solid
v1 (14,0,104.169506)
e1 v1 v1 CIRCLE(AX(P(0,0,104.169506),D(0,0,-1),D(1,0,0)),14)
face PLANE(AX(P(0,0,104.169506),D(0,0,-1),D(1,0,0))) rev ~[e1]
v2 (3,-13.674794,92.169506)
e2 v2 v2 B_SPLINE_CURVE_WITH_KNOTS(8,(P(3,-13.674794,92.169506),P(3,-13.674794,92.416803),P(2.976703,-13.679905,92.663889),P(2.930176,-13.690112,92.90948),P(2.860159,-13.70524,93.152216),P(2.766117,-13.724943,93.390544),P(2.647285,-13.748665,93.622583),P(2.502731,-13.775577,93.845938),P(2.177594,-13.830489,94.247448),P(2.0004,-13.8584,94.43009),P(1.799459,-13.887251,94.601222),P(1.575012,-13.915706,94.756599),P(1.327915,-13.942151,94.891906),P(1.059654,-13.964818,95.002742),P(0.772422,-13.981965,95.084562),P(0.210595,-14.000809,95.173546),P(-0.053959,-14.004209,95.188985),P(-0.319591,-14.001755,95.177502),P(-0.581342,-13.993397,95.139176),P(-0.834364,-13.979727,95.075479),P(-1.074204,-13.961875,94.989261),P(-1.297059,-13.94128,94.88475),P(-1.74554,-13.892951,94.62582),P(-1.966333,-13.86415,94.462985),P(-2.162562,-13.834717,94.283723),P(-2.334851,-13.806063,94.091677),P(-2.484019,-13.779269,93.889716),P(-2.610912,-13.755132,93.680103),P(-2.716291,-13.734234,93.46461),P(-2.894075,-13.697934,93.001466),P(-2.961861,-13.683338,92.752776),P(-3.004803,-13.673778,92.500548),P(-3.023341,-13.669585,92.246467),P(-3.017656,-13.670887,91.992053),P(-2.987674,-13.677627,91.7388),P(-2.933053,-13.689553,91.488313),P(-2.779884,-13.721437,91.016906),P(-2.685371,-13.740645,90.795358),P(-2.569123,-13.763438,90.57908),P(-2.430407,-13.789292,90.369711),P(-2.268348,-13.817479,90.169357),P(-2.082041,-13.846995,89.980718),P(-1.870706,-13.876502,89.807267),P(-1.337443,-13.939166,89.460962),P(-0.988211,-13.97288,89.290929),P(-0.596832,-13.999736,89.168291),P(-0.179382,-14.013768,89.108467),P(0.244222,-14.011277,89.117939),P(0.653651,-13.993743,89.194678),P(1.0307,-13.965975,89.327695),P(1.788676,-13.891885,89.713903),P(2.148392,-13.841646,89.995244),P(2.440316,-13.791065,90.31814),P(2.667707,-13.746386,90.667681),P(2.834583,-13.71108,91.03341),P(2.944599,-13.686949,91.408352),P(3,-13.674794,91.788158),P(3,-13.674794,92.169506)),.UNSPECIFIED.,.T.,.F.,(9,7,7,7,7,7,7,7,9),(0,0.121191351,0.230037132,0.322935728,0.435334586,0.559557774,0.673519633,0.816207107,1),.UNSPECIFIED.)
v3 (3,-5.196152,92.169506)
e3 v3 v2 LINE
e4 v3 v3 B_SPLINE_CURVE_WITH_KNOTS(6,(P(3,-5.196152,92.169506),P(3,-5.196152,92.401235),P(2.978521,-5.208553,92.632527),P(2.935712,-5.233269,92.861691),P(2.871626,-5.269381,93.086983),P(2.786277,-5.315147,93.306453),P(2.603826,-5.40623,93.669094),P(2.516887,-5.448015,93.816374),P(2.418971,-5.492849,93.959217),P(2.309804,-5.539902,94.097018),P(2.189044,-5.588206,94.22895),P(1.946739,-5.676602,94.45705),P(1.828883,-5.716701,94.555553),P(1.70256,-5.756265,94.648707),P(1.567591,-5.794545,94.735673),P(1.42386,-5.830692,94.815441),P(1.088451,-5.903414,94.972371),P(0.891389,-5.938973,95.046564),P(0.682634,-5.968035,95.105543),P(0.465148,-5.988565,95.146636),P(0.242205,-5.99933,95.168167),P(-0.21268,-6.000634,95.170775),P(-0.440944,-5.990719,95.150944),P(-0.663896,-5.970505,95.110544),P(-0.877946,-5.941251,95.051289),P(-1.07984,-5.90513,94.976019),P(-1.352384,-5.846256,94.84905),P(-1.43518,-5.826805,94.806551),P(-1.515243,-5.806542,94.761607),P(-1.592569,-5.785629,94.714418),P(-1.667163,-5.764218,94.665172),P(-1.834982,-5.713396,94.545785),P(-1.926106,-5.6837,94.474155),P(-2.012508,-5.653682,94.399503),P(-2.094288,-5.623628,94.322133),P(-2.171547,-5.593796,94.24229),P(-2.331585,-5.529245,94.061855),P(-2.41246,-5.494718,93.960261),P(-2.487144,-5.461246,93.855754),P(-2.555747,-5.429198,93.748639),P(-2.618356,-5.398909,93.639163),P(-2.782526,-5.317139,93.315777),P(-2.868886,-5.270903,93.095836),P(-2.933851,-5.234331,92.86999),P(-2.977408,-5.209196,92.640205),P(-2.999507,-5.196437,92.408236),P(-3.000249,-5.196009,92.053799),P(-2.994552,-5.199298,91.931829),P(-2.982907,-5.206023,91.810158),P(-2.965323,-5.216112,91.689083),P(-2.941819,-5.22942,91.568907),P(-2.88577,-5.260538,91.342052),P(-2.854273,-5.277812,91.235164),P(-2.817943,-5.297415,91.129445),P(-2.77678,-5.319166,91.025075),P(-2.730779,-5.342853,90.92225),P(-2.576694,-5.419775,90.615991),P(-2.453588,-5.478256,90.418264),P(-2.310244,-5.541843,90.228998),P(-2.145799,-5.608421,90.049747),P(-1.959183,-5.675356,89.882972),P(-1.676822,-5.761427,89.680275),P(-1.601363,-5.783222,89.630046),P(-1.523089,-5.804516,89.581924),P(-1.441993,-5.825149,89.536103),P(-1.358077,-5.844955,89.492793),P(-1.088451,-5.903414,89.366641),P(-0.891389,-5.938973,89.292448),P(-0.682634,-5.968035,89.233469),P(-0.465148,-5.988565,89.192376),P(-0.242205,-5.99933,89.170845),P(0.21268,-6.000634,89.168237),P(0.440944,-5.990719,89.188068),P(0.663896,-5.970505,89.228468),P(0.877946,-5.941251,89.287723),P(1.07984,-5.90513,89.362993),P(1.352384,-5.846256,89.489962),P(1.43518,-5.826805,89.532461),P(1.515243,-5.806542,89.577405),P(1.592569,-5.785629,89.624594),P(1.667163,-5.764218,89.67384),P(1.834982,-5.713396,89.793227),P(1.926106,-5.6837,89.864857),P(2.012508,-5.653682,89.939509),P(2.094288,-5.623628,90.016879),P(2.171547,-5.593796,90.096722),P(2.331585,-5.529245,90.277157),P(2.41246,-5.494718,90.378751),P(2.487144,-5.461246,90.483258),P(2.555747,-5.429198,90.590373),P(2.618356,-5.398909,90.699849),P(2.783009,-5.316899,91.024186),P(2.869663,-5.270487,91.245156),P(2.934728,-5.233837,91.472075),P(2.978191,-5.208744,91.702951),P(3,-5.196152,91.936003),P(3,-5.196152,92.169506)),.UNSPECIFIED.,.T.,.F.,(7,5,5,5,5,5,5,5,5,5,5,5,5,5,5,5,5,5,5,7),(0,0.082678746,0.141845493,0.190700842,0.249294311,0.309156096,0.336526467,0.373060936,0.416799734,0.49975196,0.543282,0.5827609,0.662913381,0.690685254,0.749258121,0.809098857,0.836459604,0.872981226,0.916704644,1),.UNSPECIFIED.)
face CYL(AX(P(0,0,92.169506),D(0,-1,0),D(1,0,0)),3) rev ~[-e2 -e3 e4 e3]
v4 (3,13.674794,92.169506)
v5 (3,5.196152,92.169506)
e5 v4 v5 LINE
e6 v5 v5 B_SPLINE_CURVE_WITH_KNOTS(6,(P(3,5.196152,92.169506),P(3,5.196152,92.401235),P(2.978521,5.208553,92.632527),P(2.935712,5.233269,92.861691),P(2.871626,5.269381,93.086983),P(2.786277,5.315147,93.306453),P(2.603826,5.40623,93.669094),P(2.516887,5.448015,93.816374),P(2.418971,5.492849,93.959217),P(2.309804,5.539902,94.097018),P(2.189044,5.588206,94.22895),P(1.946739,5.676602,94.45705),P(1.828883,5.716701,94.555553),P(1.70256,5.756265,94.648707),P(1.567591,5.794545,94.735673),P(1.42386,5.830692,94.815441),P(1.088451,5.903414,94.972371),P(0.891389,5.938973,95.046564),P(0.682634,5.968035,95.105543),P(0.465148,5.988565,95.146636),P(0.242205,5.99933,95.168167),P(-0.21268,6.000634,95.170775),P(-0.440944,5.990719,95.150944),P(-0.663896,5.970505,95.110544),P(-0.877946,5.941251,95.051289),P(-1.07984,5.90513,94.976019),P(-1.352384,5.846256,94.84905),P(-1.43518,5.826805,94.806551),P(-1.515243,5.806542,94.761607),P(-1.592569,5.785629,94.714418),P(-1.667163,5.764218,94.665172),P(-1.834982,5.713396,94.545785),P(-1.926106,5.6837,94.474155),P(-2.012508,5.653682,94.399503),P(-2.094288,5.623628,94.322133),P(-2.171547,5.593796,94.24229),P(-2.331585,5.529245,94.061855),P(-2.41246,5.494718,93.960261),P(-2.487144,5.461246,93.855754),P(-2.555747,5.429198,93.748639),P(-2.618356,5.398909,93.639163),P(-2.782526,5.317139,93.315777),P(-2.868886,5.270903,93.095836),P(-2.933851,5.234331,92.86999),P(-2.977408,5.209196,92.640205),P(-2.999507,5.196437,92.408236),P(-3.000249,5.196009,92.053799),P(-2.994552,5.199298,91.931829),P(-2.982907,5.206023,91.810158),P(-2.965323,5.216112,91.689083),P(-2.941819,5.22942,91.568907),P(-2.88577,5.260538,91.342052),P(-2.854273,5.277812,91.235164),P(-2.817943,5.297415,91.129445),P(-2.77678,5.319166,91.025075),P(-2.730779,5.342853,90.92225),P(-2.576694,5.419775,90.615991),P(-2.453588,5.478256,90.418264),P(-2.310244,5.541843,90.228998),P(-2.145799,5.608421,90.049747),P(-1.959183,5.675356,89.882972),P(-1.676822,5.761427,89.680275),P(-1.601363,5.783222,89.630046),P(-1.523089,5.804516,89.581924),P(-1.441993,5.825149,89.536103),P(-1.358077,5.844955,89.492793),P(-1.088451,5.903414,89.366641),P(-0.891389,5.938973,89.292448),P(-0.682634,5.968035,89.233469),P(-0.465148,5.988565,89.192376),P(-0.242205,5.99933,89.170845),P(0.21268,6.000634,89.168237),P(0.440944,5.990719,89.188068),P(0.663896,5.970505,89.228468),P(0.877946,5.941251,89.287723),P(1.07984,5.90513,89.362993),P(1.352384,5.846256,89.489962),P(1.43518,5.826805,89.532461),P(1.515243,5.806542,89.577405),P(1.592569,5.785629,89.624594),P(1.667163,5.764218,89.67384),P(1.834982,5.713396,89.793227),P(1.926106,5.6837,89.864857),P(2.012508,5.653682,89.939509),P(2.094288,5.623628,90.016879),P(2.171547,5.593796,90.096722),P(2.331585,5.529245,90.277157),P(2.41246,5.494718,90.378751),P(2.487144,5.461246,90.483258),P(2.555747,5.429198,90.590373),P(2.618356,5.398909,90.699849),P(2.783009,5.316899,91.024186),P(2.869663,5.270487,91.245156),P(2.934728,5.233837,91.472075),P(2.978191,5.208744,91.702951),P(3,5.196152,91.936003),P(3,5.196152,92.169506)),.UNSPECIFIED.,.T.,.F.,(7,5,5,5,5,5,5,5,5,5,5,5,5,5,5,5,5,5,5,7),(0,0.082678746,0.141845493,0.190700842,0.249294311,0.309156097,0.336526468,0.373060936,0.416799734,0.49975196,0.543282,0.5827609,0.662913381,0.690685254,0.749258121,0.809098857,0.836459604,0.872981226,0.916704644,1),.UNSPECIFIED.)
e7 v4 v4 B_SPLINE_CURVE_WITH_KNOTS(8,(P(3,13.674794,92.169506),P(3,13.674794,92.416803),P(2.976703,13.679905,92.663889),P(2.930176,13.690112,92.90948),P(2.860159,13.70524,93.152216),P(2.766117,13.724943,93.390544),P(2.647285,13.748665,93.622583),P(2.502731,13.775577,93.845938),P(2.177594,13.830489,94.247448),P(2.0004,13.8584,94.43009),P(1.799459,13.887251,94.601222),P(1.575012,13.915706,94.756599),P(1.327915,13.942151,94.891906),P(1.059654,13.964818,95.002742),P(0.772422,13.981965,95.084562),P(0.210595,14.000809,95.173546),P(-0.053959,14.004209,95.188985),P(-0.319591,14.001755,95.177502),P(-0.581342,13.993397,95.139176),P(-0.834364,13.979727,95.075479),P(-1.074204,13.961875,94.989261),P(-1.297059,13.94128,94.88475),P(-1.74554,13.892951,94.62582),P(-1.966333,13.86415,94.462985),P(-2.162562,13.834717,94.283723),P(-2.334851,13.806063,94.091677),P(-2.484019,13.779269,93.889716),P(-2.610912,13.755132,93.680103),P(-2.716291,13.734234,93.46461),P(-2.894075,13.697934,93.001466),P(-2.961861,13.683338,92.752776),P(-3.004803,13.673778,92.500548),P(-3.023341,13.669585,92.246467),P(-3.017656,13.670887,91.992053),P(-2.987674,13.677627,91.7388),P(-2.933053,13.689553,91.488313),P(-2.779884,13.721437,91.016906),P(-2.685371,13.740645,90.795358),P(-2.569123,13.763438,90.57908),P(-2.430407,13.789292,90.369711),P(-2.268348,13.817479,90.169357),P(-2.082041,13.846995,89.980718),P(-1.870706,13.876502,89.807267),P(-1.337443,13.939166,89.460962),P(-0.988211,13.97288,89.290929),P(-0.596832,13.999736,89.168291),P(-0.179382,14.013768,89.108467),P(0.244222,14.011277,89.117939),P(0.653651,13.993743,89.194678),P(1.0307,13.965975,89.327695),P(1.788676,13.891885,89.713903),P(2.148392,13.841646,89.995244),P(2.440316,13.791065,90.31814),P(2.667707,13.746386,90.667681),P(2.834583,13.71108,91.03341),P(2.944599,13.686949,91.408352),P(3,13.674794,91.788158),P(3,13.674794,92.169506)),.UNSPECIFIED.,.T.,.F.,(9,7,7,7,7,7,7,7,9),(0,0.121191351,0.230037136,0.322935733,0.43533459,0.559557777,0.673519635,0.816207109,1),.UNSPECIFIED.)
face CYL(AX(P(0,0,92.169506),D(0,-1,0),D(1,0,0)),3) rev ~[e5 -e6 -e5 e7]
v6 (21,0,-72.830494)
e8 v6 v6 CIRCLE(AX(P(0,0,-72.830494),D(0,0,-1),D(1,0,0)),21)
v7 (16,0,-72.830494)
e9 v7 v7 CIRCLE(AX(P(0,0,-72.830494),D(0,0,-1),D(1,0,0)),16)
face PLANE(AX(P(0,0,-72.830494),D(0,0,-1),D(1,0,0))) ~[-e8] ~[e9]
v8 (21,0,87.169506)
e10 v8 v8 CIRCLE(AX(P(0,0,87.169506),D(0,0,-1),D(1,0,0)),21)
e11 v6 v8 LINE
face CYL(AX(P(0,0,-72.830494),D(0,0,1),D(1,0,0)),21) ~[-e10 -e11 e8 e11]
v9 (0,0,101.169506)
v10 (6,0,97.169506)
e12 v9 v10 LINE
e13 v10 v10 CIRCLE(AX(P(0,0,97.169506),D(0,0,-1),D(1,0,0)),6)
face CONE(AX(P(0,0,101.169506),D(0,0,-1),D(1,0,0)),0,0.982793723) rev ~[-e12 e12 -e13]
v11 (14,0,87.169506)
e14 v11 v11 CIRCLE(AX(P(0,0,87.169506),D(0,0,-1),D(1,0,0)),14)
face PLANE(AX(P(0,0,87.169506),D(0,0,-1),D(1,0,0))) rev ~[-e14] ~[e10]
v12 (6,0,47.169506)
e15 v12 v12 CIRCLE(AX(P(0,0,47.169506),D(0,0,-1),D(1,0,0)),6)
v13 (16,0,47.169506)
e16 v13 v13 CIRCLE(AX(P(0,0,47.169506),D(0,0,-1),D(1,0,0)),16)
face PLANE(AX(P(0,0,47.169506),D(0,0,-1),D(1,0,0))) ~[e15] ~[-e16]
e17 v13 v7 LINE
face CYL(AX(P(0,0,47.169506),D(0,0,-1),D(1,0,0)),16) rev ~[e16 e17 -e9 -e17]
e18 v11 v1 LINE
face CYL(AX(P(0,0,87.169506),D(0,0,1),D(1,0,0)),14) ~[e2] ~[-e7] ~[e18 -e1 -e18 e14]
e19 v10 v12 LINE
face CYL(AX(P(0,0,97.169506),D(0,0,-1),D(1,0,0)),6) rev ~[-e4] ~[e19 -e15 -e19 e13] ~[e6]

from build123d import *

# Parameters (mm, degrees)
F2_R     = 3
F3_DEPTH = 25


with BuildPart() as f1:
    # F0 (on Front) → F1 (revolve)
    with BuildSketch(Plane.XZ):
        Polygon((16, 47.169506), (16, -72.830494), (21, -72.830494), (21, 87.169506), (14, 87.169506), (14, 97.169506), (14, 104.169506), (0, 104.169506), (0, 101.169506), (6, 97.169506), (6, 47.169506), align=None)
    revolve(axis=Axis((0, 0, -1.18644), (0, 0, -1)))

    # F2 (on Front) → F3 (cut, symmetric)
    with BuildSketch(Plane.XZ):
        with Locations((0, 92.169506)):
            Circle(F2_R)
    extrude(amount=F3_DEPTH, both=True, mode=Mode.SUBTRACT)


solid = f1.part
